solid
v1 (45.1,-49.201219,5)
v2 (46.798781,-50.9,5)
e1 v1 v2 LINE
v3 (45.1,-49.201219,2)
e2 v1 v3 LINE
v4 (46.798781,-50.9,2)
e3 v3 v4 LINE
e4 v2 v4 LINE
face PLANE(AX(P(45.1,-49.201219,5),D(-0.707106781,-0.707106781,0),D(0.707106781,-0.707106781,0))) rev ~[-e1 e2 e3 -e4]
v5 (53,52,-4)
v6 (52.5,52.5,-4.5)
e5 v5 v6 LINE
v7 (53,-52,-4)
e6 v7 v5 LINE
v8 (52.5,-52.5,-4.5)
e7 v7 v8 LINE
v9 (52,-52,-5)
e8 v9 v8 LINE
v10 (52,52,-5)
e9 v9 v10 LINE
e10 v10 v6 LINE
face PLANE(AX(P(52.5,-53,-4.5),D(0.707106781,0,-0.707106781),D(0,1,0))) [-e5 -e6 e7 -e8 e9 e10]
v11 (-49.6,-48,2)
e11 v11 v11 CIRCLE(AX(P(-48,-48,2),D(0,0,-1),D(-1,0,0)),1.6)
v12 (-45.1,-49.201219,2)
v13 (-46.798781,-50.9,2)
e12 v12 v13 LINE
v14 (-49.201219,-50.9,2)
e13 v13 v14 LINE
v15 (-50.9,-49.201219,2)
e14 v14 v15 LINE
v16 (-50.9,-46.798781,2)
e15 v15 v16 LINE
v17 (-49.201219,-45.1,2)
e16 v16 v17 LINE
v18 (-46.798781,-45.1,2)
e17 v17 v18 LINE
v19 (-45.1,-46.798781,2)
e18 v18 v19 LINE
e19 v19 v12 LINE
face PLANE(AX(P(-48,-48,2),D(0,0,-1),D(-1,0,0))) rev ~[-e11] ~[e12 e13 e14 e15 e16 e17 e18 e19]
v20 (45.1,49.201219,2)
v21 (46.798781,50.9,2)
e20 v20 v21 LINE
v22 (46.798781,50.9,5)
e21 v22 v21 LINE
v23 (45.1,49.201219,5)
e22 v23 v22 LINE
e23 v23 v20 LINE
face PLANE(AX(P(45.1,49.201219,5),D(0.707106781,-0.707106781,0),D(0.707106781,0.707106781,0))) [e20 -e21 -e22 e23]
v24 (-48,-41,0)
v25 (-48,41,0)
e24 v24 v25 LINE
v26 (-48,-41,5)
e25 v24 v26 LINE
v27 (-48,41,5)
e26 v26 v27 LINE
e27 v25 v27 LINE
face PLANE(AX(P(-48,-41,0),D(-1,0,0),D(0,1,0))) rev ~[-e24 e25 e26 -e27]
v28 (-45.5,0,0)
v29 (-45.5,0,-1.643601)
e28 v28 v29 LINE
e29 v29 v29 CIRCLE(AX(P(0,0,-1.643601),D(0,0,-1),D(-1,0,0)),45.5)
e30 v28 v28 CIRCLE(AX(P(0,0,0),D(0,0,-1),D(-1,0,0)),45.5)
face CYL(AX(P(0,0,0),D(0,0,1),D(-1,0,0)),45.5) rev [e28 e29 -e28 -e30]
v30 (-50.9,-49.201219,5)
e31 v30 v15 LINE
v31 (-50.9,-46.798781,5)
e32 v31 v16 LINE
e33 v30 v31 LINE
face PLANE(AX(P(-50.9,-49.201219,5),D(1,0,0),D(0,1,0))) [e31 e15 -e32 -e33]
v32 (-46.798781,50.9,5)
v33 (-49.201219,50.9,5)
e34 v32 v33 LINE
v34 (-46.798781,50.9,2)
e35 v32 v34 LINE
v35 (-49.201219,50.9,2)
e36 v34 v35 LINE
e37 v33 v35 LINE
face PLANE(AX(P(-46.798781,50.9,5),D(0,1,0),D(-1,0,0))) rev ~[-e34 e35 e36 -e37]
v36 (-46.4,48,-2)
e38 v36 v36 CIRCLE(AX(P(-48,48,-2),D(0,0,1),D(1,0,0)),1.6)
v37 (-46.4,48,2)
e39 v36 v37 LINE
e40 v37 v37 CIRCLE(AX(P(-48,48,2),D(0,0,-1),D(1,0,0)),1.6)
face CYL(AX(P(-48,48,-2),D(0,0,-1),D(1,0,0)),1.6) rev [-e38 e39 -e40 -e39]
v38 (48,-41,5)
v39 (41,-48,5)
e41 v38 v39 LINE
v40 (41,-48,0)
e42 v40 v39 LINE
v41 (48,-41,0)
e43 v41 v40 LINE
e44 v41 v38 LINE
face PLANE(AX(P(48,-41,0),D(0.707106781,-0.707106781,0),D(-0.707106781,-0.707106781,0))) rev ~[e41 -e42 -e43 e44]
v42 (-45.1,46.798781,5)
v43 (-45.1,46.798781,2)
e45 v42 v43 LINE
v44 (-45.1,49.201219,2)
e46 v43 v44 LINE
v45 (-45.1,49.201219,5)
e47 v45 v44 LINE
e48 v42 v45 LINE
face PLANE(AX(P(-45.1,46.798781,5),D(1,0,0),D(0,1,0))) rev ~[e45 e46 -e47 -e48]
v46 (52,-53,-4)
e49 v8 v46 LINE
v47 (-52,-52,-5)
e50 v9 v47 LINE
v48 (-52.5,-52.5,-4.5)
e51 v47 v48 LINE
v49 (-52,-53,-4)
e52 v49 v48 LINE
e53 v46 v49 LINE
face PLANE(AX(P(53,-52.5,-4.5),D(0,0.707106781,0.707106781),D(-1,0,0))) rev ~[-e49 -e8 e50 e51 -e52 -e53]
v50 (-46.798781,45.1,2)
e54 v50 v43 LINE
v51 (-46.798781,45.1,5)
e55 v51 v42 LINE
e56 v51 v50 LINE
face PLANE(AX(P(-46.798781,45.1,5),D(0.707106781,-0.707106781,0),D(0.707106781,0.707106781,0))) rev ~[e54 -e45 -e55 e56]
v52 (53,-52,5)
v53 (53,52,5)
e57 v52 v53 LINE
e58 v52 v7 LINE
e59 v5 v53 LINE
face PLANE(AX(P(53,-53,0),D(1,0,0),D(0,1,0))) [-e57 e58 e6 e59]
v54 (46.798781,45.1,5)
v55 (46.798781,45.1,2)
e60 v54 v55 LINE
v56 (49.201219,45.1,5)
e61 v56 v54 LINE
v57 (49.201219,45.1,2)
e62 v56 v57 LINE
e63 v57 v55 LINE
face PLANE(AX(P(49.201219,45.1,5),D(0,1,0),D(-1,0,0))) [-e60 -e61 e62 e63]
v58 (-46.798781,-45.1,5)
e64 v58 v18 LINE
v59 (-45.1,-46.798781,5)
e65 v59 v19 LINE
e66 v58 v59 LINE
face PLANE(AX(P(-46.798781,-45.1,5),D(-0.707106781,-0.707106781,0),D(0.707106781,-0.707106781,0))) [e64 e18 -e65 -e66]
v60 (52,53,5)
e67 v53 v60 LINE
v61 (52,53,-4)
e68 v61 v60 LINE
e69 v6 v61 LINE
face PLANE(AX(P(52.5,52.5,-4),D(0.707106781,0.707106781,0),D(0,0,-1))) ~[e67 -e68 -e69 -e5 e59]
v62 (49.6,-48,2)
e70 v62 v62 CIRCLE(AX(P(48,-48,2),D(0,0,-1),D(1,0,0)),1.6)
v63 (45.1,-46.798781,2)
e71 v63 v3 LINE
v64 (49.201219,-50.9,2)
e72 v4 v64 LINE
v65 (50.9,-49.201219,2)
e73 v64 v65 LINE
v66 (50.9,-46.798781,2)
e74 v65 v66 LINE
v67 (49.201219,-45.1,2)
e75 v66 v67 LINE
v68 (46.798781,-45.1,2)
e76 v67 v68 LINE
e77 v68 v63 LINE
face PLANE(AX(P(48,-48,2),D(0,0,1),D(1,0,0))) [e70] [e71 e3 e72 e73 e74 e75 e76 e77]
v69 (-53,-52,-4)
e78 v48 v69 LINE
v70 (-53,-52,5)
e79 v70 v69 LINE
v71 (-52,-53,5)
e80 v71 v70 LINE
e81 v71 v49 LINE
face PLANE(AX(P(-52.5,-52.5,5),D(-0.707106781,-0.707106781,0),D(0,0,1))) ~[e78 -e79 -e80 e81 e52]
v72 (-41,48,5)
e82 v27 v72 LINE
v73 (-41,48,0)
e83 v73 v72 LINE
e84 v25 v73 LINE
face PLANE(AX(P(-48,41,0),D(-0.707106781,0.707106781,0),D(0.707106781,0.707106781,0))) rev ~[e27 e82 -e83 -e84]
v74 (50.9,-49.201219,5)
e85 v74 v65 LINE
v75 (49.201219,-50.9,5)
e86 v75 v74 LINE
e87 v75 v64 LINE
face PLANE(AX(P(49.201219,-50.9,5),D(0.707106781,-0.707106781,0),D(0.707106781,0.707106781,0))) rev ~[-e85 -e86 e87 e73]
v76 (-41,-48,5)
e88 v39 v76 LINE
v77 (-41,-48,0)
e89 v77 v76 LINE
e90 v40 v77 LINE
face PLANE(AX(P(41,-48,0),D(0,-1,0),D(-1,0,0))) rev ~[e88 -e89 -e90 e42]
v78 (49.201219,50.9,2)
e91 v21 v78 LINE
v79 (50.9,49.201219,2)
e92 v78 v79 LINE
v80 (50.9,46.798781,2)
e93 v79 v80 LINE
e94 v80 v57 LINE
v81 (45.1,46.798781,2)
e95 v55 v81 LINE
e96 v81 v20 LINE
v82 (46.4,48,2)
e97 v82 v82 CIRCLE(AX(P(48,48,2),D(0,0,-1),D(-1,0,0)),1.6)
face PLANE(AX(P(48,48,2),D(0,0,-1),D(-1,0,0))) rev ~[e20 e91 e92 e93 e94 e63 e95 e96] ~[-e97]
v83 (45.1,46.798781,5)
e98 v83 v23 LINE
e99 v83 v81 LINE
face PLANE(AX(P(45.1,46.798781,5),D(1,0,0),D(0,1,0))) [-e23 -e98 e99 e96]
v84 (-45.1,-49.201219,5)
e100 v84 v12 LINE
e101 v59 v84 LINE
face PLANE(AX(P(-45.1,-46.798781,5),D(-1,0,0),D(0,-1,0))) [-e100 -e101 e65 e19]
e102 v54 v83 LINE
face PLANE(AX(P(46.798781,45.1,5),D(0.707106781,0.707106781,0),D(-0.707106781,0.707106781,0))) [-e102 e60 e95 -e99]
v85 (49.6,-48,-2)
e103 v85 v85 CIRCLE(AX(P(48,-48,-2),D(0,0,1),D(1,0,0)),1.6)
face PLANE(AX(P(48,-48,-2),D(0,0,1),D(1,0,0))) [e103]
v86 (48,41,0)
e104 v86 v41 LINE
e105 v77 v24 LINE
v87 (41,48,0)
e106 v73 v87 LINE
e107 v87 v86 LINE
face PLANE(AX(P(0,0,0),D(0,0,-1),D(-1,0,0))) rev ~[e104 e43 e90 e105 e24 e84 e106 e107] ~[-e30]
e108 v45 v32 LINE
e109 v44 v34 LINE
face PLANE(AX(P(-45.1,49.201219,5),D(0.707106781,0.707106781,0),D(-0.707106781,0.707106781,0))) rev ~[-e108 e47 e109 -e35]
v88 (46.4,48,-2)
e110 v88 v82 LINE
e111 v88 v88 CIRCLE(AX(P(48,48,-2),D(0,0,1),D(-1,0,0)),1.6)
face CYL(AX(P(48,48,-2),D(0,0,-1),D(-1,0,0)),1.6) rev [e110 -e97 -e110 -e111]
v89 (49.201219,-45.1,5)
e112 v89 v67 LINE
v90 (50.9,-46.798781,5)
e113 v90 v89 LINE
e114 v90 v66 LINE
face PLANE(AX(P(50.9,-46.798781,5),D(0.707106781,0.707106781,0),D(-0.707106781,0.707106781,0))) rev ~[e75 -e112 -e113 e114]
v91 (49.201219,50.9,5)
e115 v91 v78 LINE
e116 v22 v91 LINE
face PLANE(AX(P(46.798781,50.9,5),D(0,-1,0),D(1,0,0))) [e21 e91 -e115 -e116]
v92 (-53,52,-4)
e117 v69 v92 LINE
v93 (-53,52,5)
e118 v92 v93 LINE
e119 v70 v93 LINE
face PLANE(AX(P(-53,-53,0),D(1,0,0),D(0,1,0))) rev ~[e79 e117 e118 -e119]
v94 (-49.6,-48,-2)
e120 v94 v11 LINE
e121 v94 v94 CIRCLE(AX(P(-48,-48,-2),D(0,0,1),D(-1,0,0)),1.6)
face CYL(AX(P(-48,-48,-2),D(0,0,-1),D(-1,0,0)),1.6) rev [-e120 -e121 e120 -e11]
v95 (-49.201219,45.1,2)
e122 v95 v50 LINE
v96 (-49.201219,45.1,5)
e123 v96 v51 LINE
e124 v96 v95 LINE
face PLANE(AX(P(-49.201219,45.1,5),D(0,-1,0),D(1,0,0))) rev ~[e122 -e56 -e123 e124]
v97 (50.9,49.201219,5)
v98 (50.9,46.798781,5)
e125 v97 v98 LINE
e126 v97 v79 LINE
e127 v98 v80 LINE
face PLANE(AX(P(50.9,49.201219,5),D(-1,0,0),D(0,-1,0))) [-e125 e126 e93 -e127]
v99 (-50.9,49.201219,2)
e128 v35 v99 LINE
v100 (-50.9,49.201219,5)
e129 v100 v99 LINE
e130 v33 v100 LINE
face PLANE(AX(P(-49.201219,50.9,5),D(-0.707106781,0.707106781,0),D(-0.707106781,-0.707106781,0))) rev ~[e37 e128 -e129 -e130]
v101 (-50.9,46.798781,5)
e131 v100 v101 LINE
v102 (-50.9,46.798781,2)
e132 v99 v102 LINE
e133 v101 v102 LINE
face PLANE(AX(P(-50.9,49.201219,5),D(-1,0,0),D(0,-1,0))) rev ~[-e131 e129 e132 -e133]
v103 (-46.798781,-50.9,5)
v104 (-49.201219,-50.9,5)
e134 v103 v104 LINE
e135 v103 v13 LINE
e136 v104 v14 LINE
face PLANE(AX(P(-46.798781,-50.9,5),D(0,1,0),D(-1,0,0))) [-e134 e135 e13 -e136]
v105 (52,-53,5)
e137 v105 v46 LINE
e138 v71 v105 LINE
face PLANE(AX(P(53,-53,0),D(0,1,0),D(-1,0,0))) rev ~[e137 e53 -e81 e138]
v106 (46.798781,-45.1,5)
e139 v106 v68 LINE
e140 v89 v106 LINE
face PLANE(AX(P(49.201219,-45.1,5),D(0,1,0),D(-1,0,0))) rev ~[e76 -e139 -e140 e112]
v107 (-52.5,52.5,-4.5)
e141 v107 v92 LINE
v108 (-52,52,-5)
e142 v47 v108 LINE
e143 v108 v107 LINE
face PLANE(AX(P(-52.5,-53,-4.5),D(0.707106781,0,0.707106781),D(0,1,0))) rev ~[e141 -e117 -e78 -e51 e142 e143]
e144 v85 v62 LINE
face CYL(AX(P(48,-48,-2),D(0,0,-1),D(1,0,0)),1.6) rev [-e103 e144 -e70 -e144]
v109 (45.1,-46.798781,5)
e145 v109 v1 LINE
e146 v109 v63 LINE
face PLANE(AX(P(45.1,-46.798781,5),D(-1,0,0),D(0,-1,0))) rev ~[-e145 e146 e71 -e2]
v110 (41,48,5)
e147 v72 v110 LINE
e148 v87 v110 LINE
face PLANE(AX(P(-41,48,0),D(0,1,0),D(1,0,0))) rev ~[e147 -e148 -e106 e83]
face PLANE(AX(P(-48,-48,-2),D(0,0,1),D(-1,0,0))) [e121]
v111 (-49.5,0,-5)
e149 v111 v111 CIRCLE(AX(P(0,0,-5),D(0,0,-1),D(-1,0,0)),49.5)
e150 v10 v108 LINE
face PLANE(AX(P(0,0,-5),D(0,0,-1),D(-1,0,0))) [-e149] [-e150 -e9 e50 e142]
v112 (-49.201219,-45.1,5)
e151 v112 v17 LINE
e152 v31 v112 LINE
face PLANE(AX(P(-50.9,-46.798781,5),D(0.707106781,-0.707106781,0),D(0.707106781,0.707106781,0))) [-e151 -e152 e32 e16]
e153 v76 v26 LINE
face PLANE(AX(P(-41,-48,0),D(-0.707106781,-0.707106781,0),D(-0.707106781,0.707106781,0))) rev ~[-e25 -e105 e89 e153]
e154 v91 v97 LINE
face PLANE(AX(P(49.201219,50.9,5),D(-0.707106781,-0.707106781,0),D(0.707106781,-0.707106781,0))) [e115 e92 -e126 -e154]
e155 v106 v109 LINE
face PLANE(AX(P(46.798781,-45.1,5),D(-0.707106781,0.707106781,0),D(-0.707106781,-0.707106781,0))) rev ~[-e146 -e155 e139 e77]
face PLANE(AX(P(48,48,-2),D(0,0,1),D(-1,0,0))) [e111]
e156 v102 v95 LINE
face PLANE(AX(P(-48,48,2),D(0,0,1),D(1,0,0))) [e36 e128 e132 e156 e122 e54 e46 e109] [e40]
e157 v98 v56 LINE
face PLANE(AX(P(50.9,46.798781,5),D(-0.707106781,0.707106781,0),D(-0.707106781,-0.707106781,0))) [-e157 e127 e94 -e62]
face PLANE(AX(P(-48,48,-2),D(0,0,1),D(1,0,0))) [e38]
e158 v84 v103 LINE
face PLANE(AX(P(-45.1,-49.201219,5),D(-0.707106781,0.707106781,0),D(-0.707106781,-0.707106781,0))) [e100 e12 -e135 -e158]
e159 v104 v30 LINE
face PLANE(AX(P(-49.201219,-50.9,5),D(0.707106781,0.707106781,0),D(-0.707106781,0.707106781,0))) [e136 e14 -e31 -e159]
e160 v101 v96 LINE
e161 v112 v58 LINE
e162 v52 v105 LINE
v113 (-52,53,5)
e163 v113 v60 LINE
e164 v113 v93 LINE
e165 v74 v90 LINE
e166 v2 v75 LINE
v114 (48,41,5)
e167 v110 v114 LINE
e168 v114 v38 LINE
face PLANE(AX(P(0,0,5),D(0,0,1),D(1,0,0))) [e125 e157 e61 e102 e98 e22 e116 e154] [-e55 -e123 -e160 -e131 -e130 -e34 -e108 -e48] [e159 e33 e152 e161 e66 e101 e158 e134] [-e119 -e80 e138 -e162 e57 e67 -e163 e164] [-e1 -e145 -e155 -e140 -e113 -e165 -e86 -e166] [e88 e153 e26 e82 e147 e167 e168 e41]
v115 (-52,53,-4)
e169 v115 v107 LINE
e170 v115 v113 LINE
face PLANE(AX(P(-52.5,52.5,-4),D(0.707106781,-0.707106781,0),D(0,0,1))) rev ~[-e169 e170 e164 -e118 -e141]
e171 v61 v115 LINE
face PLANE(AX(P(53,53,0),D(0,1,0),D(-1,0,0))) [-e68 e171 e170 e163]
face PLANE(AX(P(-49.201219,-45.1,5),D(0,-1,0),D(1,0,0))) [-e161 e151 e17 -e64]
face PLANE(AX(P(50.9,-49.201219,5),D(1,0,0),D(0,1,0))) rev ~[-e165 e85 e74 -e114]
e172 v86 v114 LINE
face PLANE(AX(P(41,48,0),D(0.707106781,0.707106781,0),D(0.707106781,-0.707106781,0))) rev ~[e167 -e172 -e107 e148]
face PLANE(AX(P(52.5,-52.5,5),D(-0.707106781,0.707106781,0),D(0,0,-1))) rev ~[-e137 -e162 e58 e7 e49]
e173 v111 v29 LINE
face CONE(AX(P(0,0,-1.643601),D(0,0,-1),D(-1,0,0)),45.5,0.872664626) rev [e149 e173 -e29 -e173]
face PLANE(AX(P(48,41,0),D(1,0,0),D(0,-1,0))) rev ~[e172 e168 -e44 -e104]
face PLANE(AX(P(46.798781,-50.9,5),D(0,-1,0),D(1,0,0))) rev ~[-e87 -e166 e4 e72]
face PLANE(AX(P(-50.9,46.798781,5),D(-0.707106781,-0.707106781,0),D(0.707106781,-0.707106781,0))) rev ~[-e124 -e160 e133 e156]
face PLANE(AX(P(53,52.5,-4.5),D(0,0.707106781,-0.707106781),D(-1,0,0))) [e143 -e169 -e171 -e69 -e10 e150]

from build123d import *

# Parameters (mm, degrees)
SKETCH1_LARGER_DIA_W    = 106
SKETCH1_LARGER_DIA_H    = 106
BOSS_EXTRUDE1_DEPTH     = 5
SKETCH5_SMALLER_DIA_W   = 106
SKETCH5_SMALLER_DIA_H   = 106
SKETCH5_SMALLER_DIA_R   = 45.5
BOSS_EXTRUDE2_DEPTH     = 5
CUT_EXTRUDE1_DEPTH      = 3
CHAMFER1_SIZE           = 4
CHAMFER1_SIZE2          = 3.356398525
CHAMFER2_SIZE           = 1
CHAMFER3_SIZE           = 1
CUT_EXTRUDE2_DEPTH      = 10
CUT_EXTRUDE2_DEPTH_BACK = 2
SKETCH3_HOLES_R         = 1.6


with BuildPart() as part:
    # Sketch1 larger dia → Boss-Extrude1 (new body)
    with BuildSketch(Plane.XY):
        Rectangle(SKETCH1_LARGER_DIA_W, SKETCH1_LARGER_DIA_H)
        Polygon((-41, 48), (41, 48), (48, 41), (48, -41), (41, -48), (-41, -48), (-48, -41), (-48, 41), align=None, mode=Mode.SUBTRACT)
    extrude(amount=BOSS_EXTRUDE1_DEPTH)

    # Sketch5 smaller dia → Boss-Extrude2 (add)
    with BuildSketch(Plane(origin=(0, 0, 0), x_dir=(-1, 0, 0), z_dir=(0, 0, -1))):
        Rectangle(SKETCH5_SMALLER_DIA_W, SKETCH5_SMALLER_DIA_H)
        Circle(SKETCH5_SMALLER_DIA_R, mode=Mode.SUBTRACT)
    extrude(amount=BOSS_EXTRUDE2_DEPTH)

    # Sketch1 → Cut-Extrude1 (cut)
    with BuildSketch(Plane.XY.offset(5)):
        Polygon((-45.1, 46.798780669), (-45.1, 49.201219331), (-46.798780669, 50.9), (-49.201219331, 50.9), (-50.9, 49.201219331), (-50.9, 46.798780669), (-49.201219331, 45.1), (-46.798780669, 45.1), align=None)
        Polygon((-46.798780669, -45.1), (-45.1, -46.798780669), (-45.1, -49.201219331), (-46.798780669, -50.9), (-49.201219331, -50.9), (-50.9, -49.201219331), (-50.9, -46.798780669), (-49.201219331, -45.1), align=None)
        Polygon((46.798780669, 45.1), (45.1, 46.798780669), (45.1, 49.201219331), (46.798780669, 50.9), (49.201219331, 50.9), (50.9, 49.201219331), (50.9, 46.798780669), (49.201219331, 45.1), align=None)
        Polygon((45.1, -46.798780669), (45.1, -49.201219331), (46.798780669, -50.9), (49.201219331, -50.9), (50.9, -49.201219331), (50.9, -46.798780669), (49.201219331, -45.1), (46.798780669, -45.1), align=None)
    extrude(amount=-CUT_EXTRUDE1_DEPTH, mode=Mode.SUBTRACT)

    # Chamfer1
    chamfer1_edges = [part.edges().sort_by_distance(p)[0] for p in [
        (45.5, 0, -5),
    ]]
    chamfer1_side = [part.faces().sort_by_distance(p)[0] for p in [
        (0, 51.500933624, -5),
    ]]
    chamfer(chamfer1_edges, length=CHAMFER1_SIZE, length2=CHAMFER1_SIZE2, reference=chamfer1_side[0])

    # Chamfer2
    chamfer2_edges = [part.edges().sort_by_distance(p)[0] for p in [
        (53, 0, -5),
        (0, -53, -5),
        (-53, 0, -5),
        (0, 53, -5),
    ]]
    chamfer(chamfer2_edges, length=CHAMFER2_SIZE)

    # Chamfer3
    chamfer3_edges = [part.edges().sort_by_distance(p)[0] for p in [
        (-53, 53, 0.5),
        (53, 53, 0.5),
        (53, -53, 0.5),
        (-53, -53, 0.5),
    ]]
    chamfer(chamfer3_edges, length=CHAMFER3_SIZE)

    # Sketch3 holes → Cut-Extrude2 (cut, two sides: drawn at the far end of the back side and taken through both)
    with BuildSketch(Plane.XY.offset(-CUT_EXTRUDE2_DEPTH_BACK)):
        with Locations((-48, 48)):
            Circle(SKETCH3_HOLES_R)
        with Locations(Location((48, 48, 0), (0, 0, 180))):
            Circle(SKETCH3_HOLES_R)
        with Locations(Location((-48, -48, 0), (0, 0, 180))):
            Circle(SKETCH3_HOLES_R)
        with Locations((48, -48)):
            Circle(SKETCH3_HOLES_R)
    extrude(amount=CUT_EXTRUDE2_DEPTH + CUT_EXTRUDE2_DEPTH_BACK, mode=Mode.SUBTRACT)


solid = part.part
